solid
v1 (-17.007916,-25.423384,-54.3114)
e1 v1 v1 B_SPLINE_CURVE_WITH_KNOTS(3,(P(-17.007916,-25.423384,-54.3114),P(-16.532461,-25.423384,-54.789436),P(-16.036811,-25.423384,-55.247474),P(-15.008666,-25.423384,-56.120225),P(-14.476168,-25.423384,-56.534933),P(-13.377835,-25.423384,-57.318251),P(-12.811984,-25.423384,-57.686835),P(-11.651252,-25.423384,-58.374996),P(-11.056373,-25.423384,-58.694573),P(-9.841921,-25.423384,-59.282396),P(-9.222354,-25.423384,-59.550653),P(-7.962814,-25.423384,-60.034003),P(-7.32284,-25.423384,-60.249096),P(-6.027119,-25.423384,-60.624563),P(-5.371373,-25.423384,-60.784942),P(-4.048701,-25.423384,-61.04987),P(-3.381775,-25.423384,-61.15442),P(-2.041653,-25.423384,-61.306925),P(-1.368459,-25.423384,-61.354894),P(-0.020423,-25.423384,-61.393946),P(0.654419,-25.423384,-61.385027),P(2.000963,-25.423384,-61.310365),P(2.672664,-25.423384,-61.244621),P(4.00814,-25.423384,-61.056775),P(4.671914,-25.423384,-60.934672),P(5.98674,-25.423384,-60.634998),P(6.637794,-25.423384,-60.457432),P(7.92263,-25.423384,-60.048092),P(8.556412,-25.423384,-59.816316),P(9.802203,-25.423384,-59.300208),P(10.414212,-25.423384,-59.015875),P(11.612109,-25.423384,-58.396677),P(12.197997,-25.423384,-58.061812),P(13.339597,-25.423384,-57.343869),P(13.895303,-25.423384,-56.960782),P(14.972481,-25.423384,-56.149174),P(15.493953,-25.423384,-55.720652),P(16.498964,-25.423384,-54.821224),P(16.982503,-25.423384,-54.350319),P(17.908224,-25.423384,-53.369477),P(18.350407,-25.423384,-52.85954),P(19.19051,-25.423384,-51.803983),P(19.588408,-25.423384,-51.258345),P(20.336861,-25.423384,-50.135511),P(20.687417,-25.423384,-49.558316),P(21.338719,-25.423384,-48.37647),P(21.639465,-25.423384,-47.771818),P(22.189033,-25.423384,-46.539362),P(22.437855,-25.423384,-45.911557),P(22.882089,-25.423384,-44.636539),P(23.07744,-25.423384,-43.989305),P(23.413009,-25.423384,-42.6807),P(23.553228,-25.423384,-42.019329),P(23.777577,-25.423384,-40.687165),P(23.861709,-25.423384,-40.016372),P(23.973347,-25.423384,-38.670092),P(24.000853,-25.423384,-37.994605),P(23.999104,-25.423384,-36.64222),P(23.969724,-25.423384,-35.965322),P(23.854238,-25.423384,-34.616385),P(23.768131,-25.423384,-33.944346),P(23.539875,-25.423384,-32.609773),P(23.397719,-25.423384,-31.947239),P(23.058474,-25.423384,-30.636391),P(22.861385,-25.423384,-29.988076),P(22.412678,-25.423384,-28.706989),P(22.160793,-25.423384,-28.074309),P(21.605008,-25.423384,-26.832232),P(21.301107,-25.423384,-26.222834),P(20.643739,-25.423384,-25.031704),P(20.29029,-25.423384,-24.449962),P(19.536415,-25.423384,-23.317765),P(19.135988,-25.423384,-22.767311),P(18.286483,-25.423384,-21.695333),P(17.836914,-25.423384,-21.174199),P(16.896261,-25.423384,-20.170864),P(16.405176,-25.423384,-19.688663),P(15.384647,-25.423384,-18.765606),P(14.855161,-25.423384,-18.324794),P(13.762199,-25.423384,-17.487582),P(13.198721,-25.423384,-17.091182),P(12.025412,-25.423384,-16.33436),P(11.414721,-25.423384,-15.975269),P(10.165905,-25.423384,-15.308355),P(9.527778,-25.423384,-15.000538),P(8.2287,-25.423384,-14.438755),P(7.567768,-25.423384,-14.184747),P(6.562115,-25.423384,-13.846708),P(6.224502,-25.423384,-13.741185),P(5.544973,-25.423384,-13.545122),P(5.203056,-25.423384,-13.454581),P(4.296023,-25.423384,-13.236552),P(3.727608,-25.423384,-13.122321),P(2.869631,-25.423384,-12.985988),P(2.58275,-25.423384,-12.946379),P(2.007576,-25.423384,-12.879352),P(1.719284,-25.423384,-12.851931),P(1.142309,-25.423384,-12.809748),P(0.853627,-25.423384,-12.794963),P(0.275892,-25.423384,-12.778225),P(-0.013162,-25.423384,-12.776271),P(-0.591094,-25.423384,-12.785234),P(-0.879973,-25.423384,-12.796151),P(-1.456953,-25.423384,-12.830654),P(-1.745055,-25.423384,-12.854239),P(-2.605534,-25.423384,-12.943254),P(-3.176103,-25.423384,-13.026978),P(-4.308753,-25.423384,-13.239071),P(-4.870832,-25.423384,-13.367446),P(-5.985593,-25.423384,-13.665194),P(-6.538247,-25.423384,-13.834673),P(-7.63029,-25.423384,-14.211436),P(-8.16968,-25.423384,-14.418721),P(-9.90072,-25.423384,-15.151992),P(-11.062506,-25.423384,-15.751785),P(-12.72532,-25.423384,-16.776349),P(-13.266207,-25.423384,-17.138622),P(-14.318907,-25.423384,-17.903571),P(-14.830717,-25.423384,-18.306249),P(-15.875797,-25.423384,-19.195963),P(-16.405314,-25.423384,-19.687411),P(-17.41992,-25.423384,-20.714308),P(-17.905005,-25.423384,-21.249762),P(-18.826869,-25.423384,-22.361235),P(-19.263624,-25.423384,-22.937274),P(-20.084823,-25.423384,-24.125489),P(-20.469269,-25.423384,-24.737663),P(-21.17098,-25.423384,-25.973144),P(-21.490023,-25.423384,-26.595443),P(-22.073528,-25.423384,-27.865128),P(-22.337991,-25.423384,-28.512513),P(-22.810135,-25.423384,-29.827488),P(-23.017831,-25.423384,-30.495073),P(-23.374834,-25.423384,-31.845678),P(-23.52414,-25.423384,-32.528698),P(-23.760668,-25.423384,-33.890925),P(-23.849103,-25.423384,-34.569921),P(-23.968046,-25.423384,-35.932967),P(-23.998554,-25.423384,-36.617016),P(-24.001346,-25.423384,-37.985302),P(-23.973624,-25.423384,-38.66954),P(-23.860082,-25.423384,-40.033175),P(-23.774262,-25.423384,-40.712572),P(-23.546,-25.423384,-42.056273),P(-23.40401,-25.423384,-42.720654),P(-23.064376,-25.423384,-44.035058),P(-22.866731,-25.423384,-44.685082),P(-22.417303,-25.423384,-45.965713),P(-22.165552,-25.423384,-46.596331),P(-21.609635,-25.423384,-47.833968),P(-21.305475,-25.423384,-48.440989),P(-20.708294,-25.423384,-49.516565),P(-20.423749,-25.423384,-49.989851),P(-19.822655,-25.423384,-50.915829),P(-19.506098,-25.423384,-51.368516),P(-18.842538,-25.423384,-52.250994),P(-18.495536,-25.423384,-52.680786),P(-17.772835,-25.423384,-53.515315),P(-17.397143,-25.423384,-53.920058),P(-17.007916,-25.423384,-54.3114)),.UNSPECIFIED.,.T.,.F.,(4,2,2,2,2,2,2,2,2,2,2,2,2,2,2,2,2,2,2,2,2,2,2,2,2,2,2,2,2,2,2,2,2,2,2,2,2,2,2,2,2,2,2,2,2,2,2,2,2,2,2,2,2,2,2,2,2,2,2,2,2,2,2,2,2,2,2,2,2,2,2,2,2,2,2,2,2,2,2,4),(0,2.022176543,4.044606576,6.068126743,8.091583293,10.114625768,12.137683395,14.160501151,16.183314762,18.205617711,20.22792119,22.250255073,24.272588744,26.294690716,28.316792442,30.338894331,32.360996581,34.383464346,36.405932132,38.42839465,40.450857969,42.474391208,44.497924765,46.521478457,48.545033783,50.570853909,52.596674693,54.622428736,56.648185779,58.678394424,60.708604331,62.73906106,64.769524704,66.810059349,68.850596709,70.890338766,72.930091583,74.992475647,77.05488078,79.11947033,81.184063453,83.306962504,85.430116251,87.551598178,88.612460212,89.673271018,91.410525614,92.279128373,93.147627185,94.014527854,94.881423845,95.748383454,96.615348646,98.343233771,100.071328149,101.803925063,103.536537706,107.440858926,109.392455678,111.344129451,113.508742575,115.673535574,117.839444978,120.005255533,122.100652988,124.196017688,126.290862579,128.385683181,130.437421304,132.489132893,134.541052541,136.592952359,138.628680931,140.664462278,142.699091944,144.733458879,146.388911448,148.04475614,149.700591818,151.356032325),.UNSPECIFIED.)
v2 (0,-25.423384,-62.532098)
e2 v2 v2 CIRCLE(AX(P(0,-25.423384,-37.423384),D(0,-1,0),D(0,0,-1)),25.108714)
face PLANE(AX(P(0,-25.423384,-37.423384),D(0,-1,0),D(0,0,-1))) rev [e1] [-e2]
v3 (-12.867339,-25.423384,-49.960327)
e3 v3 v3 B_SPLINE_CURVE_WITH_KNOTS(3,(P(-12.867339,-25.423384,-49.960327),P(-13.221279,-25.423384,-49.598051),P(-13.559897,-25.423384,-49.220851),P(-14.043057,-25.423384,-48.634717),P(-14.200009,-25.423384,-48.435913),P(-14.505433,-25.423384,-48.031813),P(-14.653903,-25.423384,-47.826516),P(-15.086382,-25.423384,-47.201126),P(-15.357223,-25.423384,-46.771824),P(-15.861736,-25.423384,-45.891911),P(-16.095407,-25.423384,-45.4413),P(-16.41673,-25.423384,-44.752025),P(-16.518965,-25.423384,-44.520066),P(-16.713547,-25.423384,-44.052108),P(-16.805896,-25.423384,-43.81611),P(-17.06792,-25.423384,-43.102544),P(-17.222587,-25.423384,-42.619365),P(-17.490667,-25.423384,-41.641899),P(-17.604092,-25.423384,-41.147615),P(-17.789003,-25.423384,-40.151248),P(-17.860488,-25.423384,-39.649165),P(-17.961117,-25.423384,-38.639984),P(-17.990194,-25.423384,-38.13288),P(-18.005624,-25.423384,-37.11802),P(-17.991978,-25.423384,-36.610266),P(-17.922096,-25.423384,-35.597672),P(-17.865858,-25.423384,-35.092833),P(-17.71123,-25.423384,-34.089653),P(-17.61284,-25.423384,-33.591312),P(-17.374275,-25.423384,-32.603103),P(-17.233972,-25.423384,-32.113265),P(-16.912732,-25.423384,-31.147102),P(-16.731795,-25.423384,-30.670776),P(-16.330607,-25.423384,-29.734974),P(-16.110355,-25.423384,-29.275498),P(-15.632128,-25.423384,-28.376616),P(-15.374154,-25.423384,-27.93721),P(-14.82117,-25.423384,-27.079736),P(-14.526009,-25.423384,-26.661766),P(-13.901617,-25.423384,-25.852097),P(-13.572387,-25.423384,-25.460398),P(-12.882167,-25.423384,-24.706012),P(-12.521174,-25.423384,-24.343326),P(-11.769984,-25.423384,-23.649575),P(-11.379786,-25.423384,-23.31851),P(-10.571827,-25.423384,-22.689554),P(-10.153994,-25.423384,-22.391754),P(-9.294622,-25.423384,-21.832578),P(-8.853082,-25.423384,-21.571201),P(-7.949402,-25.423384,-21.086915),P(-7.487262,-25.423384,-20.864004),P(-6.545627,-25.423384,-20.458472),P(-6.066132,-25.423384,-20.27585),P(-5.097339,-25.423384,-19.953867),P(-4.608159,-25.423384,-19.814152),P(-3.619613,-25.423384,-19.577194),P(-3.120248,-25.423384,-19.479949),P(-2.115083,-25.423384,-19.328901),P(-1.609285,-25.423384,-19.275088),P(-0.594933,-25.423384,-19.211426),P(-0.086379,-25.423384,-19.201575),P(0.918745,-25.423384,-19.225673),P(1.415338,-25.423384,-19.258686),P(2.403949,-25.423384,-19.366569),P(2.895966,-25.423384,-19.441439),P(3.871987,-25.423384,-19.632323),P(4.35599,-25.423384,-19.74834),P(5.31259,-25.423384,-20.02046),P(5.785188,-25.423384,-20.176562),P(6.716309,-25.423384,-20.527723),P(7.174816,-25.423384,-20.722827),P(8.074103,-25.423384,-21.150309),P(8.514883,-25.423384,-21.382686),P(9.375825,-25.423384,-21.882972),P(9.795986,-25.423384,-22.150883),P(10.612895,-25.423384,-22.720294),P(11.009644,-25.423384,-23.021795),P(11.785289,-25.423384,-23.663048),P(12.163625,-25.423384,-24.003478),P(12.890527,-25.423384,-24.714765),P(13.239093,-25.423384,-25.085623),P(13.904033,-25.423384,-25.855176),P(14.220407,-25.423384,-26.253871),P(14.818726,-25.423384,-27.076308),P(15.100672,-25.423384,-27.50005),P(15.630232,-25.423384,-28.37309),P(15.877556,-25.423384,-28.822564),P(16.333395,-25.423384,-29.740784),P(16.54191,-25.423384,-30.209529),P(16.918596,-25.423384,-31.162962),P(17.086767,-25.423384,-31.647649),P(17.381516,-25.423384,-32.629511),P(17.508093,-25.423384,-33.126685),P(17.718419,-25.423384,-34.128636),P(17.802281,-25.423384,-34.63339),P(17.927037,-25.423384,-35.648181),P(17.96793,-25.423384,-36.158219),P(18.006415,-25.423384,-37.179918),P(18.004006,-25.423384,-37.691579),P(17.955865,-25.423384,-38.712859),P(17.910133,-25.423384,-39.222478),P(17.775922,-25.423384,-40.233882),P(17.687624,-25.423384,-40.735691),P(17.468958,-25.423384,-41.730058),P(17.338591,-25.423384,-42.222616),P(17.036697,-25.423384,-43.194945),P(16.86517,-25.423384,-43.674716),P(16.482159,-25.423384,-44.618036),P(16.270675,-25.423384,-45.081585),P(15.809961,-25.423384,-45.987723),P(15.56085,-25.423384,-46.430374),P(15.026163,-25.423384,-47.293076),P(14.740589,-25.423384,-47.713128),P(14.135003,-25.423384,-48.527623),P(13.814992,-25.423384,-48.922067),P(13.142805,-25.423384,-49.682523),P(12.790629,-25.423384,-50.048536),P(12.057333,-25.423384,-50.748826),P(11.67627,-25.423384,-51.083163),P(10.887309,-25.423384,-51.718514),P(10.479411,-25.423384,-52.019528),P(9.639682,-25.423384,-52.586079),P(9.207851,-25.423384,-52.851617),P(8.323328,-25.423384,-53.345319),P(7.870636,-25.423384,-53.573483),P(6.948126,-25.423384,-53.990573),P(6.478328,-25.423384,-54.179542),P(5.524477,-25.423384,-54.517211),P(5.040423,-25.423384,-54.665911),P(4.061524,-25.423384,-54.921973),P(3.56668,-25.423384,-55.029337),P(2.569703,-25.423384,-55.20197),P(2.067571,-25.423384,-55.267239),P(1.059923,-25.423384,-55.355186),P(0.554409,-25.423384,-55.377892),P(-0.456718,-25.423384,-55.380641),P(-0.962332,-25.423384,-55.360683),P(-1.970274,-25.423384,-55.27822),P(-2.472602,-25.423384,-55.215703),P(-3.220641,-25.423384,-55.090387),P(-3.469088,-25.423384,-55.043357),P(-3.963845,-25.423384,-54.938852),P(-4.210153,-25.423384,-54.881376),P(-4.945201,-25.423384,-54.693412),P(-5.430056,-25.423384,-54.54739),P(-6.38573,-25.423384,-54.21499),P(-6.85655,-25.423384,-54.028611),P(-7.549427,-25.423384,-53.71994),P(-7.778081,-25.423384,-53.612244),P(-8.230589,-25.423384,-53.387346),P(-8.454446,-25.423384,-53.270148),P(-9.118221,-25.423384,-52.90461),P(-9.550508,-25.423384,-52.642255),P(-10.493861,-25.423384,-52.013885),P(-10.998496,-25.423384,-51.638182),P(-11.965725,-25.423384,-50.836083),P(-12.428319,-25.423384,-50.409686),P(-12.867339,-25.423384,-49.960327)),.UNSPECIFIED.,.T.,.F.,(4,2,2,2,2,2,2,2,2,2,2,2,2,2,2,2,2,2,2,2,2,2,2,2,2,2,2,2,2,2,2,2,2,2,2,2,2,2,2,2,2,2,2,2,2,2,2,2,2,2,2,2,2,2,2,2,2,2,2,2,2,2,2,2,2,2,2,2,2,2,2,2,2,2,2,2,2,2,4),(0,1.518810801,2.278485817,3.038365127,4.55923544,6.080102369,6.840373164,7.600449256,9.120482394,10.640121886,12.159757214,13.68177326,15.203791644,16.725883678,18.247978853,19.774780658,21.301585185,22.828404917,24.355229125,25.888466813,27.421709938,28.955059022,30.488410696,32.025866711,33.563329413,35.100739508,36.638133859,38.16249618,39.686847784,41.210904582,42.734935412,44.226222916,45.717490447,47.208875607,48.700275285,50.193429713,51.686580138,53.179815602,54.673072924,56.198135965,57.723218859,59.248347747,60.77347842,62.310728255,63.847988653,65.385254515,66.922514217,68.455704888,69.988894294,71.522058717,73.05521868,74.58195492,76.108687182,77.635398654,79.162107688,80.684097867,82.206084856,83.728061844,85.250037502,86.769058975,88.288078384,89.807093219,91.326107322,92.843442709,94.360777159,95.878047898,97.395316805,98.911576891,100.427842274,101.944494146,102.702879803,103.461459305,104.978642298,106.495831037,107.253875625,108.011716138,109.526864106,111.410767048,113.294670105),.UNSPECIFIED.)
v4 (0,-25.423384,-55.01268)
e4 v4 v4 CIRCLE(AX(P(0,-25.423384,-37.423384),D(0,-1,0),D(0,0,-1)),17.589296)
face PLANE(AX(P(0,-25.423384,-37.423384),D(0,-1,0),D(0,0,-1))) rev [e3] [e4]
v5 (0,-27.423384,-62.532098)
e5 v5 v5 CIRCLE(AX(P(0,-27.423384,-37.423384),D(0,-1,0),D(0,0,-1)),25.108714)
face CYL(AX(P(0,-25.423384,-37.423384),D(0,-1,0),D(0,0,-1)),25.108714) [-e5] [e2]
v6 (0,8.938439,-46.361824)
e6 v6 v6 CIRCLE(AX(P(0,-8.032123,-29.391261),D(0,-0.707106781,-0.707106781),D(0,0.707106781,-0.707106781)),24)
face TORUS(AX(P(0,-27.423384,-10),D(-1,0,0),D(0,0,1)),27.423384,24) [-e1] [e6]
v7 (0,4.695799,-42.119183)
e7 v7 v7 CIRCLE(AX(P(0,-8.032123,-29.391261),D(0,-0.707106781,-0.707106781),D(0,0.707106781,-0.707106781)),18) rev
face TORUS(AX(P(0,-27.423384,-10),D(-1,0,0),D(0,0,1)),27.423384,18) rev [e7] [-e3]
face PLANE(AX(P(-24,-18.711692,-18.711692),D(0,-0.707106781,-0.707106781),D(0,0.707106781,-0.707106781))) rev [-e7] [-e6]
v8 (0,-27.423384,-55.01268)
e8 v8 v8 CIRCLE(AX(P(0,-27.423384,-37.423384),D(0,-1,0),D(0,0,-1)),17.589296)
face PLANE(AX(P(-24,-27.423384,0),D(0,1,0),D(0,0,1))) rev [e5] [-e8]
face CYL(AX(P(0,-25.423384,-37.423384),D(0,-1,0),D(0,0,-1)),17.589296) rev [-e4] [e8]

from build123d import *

# Parameters (mm, degrees)
SKETCH1_R               = 24
SKETCH1_R_2             = 18
CUT_EXTRUDE1_DEPTH      = 75.38952556
CUT_EXTRUDE1_DEPTH_BACK = 75.38952556
SKETCH4_R               = 25.108714005
SKETCH4_R_2             = 17.589295803
BOSS_EXTRUDE2_DEPTH     = 2


with BuildPart() as part:
    # Sweep1: sweep along a path in Sketch2
    with BuildLine(Plane(origin=(0, 0, 0), x_dir=(0, 0, -1), z_dir=(1, 0, 0))) as sweep1_path:
        Line((0, 0), (10, 0))
        ThreePointArc((10, 0), (29.391260893, -8.032123253), (37.423384146, -27.423384146))
        Line((37.423384146, -27.423384146), (37.423384146, -34.423384146))
    # Sketch1 → Sweep1 (sweep)
    with BuildSketch(Plane.XY):
        Circle(SKETCH1_R)
        Circle(SKETCH1_R_2, mode=Mode.SUBTRACT)
    sweep(path=sweep1_path.line)

    # Sketch3 → Cut-Extrude1 (cut, two sides: drawn at the far end of the back side and taken through both)
    with BuildSketch(Plane(origin=(0, 0, 0), x_dir=(0, 0, -1), z_dir=(1, 0, 0)).offset(-CUT_EXTRUDE1_DEPTH_BACK)):
        Polygon((-2.958156398, 64.756445855), (-4.559022853, -41.982406999), (10, -27.423384146), (49.610836801, 12.187452656), align=None)
        Polygon((82.756453971, -43.291962181), (-4.559022853, -41.982406999), (10, -27.423384146), (61.423384146, -27.423384146), (82.756453971, -20.958164514), align=None)
    extrude(amount=CUT_EXTRUDE1_DEPTH + CUT_EXTRUDE1_DEPTH_BACK, mode=Mode.SUBTRACT)

    # Sketch4 → Boss-Extrude2 (add)
    with BuildSketch(Plane(origin=(0, -27.423384146, 0), x_dir=(-1, 0, 0), z_dir=(0, -1, 0))):
        with Locations(Location((0, 37.423384146, 0), (0, 0, 90))):
            Circle(SKETCH4_R)
        with Locations(Location((0, 37.423384146, 0), (0, 0, 90))):
            Circle(SKETCH4_R_2, mode=Mode.SUBTRACT)
    extrude(amount=-BOSS_EXTRUDE2_DEPTH)


solid = part.part
